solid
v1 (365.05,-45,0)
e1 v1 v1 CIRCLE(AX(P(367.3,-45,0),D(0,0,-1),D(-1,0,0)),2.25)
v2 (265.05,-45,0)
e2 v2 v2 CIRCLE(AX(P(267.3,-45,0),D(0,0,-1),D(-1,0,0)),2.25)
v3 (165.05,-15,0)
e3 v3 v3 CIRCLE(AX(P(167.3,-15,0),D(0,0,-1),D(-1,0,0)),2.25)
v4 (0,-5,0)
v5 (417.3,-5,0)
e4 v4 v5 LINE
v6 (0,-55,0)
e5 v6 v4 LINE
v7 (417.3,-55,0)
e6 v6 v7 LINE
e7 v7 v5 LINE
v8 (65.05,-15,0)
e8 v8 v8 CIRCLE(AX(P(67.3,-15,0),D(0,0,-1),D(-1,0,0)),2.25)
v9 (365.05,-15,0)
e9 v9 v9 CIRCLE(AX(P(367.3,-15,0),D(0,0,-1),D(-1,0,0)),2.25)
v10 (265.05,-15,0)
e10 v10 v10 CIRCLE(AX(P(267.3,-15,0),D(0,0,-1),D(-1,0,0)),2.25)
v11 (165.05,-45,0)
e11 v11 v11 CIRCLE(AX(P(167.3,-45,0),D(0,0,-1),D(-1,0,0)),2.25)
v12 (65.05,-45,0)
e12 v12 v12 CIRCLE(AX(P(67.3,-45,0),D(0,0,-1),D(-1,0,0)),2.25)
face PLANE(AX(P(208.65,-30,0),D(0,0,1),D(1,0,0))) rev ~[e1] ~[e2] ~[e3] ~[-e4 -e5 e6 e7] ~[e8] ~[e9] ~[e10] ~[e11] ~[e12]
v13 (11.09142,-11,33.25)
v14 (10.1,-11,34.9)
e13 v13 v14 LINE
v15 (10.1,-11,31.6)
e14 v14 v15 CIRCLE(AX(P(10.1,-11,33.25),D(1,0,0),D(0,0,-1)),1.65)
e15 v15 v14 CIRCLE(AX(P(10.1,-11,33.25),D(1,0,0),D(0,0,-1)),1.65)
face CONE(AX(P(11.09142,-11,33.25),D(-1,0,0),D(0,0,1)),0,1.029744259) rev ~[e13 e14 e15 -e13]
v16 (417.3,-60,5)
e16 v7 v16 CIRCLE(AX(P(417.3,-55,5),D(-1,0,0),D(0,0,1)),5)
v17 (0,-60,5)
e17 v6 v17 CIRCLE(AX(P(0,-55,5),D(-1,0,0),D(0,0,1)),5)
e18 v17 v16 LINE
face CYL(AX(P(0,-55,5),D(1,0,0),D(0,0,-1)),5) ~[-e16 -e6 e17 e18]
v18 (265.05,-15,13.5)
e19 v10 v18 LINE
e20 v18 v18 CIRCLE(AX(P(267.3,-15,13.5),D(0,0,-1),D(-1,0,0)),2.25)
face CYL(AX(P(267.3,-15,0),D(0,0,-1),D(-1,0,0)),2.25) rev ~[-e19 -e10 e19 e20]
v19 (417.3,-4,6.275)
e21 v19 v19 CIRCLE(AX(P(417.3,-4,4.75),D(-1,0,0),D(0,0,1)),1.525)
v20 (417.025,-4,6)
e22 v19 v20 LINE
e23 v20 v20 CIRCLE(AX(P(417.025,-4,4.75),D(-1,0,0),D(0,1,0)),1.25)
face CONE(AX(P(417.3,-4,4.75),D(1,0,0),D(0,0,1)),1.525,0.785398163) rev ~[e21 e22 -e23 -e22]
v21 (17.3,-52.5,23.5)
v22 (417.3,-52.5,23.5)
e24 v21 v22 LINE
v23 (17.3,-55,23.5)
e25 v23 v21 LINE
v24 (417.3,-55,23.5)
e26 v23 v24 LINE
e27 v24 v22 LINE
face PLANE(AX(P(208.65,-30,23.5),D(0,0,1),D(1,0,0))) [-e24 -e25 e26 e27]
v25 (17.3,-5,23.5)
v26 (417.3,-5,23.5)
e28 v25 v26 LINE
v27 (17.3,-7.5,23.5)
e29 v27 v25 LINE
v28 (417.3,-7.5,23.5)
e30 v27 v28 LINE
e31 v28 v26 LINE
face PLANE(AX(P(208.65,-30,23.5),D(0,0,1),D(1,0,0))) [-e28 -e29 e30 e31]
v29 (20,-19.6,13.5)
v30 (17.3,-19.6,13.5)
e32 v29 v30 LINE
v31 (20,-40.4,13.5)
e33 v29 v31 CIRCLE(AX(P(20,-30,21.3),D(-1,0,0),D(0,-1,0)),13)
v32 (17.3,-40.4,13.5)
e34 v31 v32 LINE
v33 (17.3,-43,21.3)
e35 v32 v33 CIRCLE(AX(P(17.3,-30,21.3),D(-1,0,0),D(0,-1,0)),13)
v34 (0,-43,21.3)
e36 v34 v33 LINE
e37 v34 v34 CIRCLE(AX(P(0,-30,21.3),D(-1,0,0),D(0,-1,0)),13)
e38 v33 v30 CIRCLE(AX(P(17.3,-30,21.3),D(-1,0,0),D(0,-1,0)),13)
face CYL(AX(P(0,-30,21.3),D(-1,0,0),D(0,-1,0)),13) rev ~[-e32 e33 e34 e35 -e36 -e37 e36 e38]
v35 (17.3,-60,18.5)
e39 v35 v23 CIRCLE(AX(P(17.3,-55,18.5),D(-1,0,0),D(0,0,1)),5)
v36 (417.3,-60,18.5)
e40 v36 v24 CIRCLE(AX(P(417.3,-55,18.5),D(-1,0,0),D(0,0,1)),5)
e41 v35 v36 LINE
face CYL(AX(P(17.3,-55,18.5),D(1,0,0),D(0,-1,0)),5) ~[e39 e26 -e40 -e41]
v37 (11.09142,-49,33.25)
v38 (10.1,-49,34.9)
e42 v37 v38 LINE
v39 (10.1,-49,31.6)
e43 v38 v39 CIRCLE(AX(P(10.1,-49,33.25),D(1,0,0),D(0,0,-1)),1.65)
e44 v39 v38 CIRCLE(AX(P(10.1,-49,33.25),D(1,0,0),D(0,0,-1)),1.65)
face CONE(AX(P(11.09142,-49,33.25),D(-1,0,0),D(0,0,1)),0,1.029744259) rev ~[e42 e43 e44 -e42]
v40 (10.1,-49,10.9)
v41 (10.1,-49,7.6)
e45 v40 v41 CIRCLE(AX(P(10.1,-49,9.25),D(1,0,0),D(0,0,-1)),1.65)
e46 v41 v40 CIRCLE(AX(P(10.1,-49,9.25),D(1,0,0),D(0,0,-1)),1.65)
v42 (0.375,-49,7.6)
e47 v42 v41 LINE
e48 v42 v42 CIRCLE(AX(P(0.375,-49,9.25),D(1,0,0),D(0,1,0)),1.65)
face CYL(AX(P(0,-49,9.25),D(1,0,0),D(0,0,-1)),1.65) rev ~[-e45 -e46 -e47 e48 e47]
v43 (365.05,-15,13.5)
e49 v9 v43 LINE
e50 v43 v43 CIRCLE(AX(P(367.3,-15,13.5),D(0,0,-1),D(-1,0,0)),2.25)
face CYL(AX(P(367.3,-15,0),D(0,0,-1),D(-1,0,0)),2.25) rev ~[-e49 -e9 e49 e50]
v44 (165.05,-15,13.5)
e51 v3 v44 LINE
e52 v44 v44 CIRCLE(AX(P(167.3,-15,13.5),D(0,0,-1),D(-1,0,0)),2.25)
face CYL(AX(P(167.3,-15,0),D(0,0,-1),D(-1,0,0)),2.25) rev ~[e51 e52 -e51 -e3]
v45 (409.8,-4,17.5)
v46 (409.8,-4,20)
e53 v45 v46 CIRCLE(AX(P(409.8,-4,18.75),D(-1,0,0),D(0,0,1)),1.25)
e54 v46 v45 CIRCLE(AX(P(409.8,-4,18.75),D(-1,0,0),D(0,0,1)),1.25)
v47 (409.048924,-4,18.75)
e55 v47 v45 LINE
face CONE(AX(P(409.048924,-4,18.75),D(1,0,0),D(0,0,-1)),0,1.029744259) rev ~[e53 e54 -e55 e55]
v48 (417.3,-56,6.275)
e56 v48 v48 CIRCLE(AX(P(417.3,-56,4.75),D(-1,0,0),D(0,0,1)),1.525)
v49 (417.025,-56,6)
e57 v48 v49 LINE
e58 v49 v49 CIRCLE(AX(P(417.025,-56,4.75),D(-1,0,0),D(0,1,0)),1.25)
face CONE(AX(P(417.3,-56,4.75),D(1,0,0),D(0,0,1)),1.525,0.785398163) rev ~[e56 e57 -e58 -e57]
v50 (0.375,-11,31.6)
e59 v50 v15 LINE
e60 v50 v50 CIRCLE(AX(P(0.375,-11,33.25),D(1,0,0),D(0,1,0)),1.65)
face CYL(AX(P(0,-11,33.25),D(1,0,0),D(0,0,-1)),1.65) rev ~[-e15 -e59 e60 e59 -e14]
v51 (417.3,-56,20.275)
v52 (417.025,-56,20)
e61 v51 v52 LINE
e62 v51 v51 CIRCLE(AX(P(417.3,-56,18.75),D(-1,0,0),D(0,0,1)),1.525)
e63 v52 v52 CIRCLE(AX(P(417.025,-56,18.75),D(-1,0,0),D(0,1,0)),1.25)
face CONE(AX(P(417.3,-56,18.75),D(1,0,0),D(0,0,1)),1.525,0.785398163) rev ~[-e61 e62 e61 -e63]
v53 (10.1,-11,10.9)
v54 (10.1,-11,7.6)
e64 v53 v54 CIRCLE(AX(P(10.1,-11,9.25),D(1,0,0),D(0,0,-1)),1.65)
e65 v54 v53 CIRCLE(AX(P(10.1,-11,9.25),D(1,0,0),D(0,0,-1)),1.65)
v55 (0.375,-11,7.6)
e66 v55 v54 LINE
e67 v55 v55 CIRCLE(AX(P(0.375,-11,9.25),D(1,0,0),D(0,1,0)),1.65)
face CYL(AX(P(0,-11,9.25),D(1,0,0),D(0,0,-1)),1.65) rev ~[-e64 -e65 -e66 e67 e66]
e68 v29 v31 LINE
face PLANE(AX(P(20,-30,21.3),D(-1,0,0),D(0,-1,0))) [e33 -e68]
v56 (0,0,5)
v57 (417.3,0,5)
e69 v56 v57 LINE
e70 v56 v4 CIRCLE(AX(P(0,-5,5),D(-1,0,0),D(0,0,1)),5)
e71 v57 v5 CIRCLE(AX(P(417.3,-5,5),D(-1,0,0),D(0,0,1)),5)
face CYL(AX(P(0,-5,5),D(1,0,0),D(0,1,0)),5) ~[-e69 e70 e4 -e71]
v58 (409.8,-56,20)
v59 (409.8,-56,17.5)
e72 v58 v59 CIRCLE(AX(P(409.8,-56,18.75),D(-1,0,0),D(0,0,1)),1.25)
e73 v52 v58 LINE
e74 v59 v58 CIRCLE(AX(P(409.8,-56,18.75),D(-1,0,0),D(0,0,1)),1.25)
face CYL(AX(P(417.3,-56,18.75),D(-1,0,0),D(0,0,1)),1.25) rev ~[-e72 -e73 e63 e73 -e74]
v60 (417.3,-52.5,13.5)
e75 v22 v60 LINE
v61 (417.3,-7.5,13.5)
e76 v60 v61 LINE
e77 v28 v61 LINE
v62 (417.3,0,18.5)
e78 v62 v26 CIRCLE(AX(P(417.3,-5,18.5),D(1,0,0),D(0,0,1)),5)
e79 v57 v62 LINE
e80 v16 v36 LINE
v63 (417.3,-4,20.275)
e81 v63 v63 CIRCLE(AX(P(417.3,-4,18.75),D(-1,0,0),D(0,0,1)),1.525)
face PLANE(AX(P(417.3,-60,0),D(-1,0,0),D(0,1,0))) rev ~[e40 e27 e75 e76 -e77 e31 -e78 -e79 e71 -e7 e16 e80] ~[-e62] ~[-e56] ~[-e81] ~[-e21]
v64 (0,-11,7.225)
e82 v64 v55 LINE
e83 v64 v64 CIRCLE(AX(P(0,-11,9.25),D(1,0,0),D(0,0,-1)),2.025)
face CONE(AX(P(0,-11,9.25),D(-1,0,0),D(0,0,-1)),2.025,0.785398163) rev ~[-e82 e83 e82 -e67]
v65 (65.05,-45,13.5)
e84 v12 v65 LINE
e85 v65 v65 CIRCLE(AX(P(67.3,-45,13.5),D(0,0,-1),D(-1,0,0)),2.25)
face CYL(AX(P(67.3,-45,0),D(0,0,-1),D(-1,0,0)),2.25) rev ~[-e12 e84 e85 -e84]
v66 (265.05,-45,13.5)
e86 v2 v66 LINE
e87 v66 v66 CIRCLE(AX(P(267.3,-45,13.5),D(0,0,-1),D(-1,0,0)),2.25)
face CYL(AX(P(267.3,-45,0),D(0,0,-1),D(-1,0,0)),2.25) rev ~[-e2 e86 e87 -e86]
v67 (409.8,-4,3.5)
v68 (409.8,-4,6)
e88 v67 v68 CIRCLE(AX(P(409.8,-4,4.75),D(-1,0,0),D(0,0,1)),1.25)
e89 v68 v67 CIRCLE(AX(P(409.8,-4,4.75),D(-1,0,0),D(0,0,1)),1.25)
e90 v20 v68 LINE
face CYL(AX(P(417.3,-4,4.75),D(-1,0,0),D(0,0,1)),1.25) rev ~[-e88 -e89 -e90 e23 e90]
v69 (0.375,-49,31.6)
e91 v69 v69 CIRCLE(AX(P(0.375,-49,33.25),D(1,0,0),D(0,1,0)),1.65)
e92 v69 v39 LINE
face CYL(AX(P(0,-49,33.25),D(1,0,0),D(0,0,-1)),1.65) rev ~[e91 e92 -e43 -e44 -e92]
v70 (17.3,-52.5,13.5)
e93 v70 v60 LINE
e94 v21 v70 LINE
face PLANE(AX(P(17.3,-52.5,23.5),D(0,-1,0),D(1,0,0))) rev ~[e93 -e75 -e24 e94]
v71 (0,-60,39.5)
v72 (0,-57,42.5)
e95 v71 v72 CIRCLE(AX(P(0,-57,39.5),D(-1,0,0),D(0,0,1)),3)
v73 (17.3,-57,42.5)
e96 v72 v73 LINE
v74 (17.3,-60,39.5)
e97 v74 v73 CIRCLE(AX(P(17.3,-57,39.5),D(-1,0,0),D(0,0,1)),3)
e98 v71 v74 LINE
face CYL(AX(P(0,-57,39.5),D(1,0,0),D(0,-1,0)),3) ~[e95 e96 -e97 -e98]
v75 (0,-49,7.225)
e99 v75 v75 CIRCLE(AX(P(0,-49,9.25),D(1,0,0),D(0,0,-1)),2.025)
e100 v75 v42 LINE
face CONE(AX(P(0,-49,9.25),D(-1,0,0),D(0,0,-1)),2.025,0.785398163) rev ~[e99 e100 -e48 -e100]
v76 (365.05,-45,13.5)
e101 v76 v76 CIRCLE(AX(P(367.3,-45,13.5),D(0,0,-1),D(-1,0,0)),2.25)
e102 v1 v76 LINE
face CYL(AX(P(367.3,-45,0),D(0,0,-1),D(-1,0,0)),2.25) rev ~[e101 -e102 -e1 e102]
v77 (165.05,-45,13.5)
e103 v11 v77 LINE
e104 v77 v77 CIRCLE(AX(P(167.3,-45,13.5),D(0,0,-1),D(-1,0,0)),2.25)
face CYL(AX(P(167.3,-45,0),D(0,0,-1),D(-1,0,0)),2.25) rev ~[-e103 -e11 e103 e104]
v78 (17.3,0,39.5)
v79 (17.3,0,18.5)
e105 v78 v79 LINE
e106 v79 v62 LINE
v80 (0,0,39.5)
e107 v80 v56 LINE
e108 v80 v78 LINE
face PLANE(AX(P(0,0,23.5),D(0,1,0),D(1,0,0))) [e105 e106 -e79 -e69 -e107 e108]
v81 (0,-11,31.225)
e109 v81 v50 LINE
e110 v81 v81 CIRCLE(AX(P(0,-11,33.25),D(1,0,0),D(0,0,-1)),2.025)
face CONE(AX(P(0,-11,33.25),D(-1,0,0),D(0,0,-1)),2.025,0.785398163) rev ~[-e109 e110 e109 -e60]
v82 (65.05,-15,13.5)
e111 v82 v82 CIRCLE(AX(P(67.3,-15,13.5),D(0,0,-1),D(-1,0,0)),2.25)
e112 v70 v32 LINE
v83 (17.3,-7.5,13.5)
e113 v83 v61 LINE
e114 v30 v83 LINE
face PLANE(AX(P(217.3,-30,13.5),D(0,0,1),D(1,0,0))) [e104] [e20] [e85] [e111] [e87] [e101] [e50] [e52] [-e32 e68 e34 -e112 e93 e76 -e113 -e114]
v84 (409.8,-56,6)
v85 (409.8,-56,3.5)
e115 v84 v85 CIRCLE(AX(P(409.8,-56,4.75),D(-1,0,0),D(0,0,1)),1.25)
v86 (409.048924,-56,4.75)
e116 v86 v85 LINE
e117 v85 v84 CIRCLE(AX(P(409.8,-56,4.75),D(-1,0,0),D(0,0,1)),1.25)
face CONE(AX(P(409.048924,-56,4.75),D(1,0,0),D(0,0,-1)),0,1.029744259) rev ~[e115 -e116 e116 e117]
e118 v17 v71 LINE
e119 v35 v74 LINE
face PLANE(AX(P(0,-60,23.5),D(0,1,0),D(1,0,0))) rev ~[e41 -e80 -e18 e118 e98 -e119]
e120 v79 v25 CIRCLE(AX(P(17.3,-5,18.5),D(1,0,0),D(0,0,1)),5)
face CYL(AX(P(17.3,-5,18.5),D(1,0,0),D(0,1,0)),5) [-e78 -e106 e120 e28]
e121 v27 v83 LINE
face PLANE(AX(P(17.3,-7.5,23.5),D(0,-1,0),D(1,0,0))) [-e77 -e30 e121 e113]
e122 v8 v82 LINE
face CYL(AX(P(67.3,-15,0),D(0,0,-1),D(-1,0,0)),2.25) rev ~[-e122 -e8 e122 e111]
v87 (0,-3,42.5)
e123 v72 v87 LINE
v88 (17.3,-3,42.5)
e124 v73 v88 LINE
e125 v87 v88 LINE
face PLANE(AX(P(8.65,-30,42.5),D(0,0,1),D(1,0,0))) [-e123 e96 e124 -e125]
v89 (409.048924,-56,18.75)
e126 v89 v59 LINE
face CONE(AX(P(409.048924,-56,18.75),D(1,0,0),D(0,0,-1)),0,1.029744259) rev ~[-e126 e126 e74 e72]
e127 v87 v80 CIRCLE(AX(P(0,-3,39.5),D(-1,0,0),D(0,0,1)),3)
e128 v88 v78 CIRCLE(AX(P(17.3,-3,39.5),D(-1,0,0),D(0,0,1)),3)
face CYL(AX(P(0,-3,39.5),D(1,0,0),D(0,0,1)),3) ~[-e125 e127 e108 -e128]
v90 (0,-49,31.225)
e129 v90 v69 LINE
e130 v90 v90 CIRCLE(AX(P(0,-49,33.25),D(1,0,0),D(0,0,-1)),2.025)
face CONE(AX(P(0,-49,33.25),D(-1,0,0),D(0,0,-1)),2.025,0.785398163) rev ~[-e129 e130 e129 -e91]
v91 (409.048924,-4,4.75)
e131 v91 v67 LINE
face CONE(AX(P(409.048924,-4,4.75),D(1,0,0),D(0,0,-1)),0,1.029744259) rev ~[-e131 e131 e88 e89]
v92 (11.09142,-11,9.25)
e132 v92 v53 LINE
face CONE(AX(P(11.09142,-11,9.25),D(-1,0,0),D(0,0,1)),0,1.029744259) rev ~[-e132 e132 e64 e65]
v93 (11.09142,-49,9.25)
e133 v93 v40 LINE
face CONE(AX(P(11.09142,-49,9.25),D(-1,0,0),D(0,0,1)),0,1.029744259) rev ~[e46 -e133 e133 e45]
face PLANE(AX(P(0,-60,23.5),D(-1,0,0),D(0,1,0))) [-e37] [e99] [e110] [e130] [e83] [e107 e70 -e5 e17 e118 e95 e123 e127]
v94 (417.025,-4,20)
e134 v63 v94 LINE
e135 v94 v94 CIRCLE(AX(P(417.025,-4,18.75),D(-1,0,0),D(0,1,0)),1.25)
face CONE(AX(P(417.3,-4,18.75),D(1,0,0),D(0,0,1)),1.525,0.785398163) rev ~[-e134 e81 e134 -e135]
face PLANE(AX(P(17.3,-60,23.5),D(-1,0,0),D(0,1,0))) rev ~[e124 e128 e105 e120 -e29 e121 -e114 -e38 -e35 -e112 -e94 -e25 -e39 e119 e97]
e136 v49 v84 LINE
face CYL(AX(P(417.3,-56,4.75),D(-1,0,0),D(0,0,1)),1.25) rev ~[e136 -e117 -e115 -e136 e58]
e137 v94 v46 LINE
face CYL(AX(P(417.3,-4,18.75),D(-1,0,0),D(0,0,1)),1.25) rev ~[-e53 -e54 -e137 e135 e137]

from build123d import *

# Parameters (mm, degrees)
SKETCH_1_W                   = 417.3
SKETCH_1_H                   = 60
EXTRUDE_1_DEPTH              = 23.5
SKETCH_2_W                   = 400
SKETCH_2_H                   = 45
CUT_EXTRUDE_1_DEPTH          = 10
SKETCH_3_W                   = 17.3
SKETCH_3_H                   = 60
EXTRUDE_2_DEPTH              = 19
HOLE_WIZARD_M3_1_D           = 2.5
HOLE_WIZARD_M3_1_DEPTH       = 7.5
HOLE_WIZARD_M3_1_CSINK_D     = 3.05
HOLE_WIZARD_M3_1_CSINK_ANGLE = 90
HOLE_WIZARD_M3_1_TIP         = 0.751075774
FILLET_1_R                   = 5
FILLET_2_R                   = 3
SKETCH_6_R                   = 13
CUT_EXTRUDE_2_DEPTH          = 20
HOLE_WIZARD_M4_1_D           = 3.3
HOLE_WIZARD_M4_1_DEPTH       = 10.1
HOLE_WIZARD_M4_1_CSINK_D     = 4.05
HOLE_WIZARD_M4_1_CSINK_ANGLE = 90
HOLE_WIZARD_M4_1_TIP         = 0.991420021
SKETCH_9_R                   = 2.25
CUT_EXTRUDE_3_DEPTH          = 15


with BuildPart() as part:
    # 草图1 → 凸台-拉伸1 (new body)
    with BuildSketch(Plane.XY):
        with Locations((208.65, -30)):
            Rectangle(SKETCH_1_W, SKETCH_1_H)
    extrude(amount=EXTRUDE_1_DEPTH)

    # 草图2 → 切除-拉伸1 (cut)
    with BuildSketch(Plane.XY.offset(23.5)):
        with Locations((217.3, -30)):
            Rectangle(SKETCH_2_W, SKETCH_2_H)
    extrude(amount=-CUT_EXTRUDE_1_DEPTH, mode=Mode.SUBTRACT)

    # 草图3 → 凸台-拉伸2 (add)
    with BuildSketch(Plane.XY.offset(23.5)):
        with Locations((8.65, -30)):
            Rectangle(SKETCH_3_W, SKETCH_3_H)
    extrude(amount=EXTRUDE_2_DEPTH)

    # M3 螺纹孔1
    with Locations(Plane(origin=(417.3, 0, 0), x_dir=(0, 0, -1), z_dir=(1, 0, 0))):
        with Locations((-4.75, -4), (-18.75, -4), (-18.75, -56), (-4.75, -56)):
            CounterSinkHole(HOLE_WIZARD_M3_1_D / 2, HOLE_WIZARD_M3_1_CSINK_D / 2, depth=HOLE_WIZARD_M3_1_DEPTH, counter_sink_angle=HOLE_WIZARD_M3_1_CSINK_ANGLE)
            with Locations((0, 0, -(HOLE_WIZARD_M3_1_DEPTH + HOLE_WIZARD_M3_1_TIP / 2))):  # 118° drill point
                Cone(0, HOLE_WIZARD_M3_1_D / 2, HOLE_WIZARD_M3_1_TIP, mode=Mode.SUBTRACT)

    # 圆角1
    fillet_1_edges = [part.edges().sort_by_distance(p)[0] for p in [
        (217.3, 0, 23.5),
        (217.3, -60, 23.5),
        (208.65, 0, 0),
        (208.65, -60, 0),
    ]]
    fillet(fillet_1_edges, radius=FILLET_1_R)

    # 圆角2
    fillet_2_edges = [part.edges().sort_by_distance(p)[0] for p in [
        (8.65, -60, 42.5),
        (8.65, 0, 42.5),
    ]]
    fillet(fillet_2_edges, radius=FILLET_2_R)

    # 草图6 → 切除-拉伸2 (cut)
    with BuildSketch(Plane.ZY):
        with Locations(Location((21.3, -30, 0), (0, 0, 270))):
            Circle(SKETCH_6_R)
    extrude(amount=-CUT_EXTRUDE_2_DEPTH, mode=Mode.SUBTRACT)

    # M4 螺纹孔1
    with Locations(Plane.ZY):
        with Locations((9.25, -11), (33.25, -11), (33.25, -49), (9.25, -49)):
            CounterSinkHole(HOLE_WIZARD_M4_1_D / 2, HOLE_WIZARD_M4_1_CSINK_D / 2, depth=HOLE_WIZARD_M4_1_DEPTH, counter_sink_angle=HOLE_WIZARD_M4_1_CSINK_ANGLE)
            with Locations((0, 0, -(HOLE_WIZARD_M4_1_DEPTH + HOLE_WIZARD_M4_1_TIP / 2))):  # 118° drill point
                Cone(0, HOLE_WIZARD_M4_1_D / 2, HOLE_WIZARD_M4_1_TIP, mode=Mode.SUBTRACT)

    # 草图9 → 切除-拉伸3 (cut)
    with BuildSketch(Plane(origin=(0, 0, 0), x_dir=(-1, 0, 0), z_dir=(0, 0, -1))):
        with Locations((-367.3, -15)):
            Circle(SKETCH_9_R)
        with Locations((-267.3, -15)):
            Circle(SKETCH_9_R)
        with Locations((-167.3, -15)):
            Circle(SKETCH_9_R)
        with Locations((-67.3, -15)):
            Circle(SKETCH_9_R)
        with Locations((-267.3, -45)):
            Circle(SKETCH_9_R)
        with Locations((-167.3, -45)):
            Circle(SKETCH_9_R)
        with Locations((-67.3, -45)):
            Circle(SKETCH_9_R)
        with Locations((-367.3, -45)):
            Circle(SKETCH_9_R)
    extrude(amount=-CUT_EXTRUDE_3_DEPTH, mode=Mode.SUBTRACT)


solid = part.part
